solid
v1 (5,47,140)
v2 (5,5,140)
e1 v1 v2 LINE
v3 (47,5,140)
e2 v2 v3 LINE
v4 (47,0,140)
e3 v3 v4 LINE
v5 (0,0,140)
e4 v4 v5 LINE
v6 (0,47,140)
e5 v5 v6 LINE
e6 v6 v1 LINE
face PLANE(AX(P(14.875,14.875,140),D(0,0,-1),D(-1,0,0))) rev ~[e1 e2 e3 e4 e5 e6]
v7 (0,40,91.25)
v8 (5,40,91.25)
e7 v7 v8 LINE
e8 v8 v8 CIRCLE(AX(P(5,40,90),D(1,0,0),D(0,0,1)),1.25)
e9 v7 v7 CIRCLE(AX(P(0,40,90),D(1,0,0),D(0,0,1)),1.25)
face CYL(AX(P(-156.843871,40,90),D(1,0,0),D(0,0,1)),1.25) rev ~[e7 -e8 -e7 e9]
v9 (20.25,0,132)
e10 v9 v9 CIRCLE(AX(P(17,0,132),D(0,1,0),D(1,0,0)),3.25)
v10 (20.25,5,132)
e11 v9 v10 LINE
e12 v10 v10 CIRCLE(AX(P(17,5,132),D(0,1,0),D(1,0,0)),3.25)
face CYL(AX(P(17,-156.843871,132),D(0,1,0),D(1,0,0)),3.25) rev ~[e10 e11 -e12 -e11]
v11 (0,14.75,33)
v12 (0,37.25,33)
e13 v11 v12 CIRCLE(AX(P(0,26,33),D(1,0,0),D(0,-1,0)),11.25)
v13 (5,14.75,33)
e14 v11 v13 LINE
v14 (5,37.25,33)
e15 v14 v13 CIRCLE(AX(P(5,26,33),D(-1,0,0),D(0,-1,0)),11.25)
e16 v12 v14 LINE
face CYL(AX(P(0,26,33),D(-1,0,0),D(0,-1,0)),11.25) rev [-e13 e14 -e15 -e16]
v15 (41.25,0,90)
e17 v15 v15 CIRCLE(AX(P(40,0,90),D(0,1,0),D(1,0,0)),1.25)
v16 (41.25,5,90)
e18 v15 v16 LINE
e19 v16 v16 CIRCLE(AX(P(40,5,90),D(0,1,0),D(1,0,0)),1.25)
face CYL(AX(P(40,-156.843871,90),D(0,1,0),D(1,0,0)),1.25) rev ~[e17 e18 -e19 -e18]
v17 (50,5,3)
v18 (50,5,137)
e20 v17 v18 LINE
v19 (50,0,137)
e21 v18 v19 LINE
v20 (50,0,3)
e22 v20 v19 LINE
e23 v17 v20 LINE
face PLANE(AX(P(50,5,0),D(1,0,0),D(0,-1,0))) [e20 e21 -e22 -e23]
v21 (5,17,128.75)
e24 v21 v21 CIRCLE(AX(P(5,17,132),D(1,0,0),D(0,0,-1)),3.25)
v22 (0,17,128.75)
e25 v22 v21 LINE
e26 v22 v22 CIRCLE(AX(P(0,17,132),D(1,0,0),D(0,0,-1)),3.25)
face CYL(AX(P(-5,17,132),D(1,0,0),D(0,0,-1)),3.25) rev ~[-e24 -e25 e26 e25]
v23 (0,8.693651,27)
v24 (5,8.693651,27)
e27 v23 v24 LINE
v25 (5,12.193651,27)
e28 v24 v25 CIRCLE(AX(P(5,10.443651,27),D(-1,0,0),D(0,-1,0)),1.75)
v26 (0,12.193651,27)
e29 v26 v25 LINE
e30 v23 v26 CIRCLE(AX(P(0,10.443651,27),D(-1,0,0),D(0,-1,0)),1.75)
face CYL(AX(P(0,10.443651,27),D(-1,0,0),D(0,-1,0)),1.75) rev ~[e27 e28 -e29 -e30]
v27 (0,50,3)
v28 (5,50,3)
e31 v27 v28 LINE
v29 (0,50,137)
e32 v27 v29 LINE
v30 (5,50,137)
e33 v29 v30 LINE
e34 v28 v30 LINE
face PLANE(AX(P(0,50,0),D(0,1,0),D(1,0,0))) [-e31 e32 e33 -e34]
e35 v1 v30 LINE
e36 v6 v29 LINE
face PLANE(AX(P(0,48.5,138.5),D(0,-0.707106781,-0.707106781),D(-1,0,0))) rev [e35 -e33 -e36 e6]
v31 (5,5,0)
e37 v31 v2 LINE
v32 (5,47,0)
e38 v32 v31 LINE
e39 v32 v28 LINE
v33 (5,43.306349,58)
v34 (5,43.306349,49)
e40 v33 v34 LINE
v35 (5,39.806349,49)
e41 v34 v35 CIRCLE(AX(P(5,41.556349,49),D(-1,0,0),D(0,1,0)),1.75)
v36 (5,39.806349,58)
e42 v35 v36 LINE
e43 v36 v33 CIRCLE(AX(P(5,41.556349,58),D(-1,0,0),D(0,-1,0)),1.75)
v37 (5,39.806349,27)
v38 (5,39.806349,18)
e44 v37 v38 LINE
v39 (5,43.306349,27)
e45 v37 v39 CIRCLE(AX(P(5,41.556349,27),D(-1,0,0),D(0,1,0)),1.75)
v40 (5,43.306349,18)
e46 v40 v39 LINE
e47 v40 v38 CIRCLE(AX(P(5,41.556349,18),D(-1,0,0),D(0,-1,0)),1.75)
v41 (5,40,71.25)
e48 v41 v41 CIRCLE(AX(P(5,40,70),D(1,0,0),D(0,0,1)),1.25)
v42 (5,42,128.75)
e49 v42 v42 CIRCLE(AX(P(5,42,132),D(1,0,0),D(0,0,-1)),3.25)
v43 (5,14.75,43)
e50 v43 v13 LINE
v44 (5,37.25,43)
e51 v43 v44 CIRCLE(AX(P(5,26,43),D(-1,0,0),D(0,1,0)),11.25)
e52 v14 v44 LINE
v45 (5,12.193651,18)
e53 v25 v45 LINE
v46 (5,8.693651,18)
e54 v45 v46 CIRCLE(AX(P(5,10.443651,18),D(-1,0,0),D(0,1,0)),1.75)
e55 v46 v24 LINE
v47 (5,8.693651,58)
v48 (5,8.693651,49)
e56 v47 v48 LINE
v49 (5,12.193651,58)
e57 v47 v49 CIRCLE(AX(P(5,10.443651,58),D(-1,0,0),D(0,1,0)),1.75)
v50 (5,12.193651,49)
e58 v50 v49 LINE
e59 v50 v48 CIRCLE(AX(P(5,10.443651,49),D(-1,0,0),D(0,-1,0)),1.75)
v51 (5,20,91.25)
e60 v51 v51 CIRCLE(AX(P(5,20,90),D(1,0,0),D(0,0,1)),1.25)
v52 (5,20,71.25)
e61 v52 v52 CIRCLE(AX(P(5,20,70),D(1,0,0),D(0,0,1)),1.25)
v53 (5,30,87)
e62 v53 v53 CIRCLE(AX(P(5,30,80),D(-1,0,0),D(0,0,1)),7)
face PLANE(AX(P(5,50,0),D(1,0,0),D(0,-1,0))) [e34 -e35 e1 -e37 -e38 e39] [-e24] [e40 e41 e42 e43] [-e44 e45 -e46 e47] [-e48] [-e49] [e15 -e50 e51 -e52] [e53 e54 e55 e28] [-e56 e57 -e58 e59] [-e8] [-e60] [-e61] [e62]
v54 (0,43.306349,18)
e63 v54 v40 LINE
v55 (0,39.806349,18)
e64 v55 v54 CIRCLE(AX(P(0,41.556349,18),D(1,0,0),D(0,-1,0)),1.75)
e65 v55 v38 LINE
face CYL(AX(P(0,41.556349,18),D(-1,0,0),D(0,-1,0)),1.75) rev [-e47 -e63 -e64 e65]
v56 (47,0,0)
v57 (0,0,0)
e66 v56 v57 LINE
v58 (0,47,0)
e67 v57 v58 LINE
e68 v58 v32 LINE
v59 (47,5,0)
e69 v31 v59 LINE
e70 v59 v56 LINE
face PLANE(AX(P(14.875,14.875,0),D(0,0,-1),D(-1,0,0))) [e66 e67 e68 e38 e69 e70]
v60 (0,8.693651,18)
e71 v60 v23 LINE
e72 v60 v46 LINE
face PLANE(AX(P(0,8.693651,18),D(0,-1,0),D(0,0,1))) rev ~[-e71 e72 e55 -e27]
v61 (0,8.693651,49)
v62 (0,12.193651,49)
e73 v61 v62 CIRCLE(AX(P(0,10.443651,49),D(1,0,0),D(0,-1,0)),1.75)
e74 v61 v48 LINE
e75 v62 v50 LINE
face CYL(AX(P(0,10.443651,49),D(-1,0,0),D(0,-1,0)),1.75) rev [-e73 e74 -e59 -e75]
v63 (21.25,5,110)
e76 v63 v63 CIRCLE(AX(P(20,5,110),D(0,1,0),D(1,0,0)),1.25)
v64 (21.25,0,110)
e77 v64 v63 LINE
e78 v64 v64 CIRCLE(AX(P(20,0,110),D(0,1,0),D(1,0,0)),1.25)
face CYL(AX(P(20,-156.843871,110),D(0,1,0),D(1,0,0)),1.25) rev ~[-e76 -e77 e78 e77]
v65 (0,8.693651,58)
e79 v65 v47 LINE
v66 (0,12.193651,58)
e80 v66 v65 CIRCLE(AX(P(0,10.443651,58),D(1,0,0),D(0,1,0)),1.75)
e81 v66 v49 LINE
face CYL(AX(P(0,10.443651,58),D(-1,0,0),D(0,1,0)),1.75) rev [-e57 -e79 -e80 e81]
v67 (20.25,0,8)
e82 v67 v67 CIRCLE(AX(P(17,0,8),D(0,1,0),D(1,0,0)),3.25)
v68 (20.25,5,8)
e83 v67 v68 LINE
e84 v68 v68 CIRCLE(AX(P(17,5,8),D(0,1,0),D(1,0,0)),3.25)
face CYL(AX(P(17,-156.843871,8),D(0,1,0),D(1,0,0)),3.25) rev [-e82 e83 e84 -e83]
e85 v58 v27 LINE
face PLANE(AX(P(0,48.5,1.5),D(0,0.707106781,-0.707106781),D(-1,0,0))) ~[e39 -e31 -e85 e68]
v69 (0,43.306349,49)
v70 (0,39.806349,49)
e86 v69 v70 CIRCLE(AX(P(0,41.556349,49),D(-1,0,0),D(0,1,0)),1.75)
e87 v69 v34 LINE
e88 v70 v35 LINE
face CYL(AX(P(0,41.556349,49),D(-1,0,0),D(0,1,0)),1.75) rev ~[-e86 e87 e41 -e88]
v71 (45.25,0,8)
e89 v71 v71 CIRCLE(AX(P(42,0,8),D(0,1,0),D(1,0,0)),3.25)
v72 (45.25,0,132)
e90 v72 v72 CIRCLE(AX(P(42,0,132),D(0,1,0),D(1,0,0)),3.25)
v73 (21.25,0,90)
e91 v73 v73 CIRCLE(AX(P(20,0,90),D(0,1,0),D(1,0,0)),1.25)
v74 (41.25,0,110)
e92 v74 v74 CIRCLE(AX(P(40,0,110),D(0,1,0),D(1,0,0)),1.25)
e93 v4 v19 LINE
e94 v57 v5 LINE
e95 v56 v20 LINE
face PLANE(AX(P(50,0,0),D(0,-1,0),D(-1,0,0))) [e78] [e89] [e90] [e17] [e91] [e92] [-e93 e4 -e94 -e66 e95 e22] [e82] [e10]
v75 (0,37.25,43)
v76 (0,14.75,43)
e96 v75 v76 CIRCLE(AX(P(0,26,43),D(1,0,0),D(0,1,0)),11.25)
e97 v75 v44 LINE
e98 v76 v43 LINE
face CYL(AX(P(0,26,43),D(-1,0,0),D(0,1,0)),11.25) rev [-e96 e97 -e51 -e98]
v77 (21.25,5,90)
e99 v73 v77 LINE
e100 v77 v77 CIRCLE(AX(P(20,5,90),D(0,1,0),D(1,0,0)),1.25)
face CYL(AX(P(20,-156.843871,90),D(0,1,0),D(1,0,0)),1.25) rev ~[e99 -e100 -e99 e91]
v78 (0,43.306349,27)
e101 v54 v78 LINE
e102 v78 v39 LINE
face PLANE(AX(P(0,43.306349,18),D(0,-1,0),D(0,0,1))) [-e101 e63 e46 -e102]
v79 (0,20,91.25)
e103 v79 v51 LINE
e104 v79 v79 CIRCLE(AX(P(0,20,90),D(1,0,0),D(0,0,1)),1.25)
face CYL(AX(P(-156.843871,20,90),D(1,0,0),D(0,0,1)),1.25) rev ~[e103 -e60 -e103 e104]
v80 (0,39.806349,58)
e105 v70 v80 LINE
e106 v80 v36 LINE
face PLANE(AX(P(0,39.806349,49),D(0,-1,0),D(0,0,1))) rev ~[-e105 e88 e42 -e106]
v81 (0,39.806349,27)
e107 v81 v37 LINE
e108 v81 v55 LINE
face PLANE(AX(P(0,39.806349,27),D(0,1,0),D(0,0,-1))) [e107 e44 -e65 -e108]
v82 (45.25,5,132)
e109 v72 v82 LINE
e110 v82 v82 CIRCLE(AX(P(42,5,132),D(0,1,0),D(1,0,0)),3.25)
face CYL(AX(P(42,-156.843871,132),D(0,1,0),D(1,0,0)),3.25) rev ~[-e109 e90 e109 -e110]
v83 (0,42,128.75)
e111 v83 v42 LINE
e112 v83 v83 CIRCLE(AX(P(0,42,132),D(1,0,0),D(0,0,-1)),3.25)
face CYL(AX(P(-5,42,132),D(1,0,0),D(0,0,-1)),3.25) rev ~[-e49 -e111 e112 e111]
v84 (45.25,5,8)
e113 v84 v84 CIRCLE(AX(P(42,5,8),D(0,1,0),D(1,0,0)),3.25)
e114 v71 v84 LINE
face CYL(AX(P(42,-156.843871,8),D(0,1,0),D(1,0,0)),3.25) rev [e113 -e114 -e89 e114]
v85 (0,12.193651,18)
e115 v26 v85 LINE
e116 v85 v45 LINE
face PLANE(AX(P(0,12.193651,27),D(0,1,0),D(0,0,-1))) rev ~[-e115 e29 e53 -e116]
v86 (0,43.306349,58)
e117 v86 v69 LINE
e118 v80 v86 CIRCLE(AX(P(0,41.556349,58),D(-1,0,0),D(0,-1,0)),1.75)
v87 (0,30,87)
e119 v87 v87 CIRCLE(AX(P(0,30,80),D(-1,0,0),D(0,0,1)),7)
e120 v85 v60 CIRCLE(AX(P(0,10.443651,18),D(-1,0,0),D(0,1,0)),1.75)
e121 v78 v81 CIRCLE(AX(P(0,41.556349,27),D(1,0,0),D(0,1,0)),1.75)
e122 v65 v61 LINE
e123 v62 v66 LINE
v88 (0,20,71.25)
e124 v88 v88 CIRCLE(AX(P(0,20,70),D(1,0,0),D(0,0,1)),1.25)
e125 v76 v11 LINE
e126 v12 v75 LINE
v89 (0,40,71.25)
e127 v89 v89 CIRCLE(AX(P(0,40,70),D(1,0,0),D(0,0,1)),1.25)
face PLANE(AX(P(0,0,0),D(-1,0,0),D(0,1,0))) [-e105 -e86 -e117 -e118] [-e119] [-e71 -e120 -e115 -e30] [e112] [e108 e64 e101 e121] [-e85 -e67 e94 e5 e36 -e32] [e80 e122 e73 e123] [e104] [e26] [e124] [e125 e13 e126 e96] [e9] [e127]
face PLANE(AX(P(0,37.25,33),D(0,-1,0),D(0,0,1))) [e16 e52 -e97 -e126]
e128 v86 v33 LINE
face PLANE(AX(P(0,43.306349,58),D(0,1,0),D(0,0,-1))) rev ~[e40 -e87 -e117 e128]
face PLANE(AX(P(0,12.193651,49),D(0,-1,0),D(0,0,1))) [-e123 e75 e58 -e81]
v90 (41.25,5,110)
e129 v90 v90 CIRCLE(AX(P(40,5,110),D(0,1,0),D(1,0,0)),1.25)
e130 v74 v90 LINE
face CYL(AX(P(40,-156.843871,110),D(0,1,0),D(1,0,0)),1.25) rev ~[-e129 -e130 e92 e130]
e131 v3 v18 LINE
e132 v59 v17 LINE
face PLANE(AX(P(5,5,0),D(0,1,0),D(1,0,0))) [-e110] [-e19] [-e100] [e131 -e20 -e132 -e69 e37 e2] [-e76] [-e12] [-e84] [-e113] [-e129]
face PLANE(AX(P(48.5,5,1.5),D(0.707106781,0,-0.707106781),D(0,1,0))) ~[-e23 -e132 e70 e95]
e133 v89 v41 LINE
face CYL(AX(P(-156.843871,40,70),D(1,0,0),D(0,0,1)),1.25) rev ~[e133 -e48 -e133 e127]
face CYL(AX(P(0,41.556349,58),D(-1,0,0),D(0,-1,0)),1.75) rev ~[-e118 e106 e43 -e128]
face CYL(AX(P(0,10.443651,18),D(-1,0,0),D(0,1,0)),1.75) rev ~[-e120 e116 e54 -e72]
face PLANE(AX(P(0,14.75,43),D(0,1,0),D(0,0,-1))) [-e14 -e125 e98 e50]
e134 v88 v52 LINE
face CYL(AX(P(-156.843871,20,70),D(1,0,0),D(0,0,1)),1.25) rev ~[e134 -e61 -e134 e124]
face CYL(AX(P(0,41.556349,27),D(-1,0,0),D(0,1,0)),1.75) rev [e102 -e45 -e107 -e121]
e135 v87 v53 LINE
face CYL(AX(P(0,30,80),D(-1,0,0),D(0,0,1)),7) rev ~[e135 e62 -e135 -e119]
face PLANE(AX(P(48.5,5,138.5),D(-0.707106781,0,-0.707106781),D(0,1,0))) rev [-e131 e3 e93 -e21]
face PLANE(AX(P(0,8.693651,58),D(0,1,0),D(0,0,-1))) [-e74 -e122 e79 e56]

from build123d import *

# Parameters (mm, degrees)
ESTRUSIONE_ESTRUSIONE1_DEPTH = 140
FORO_6_5_6_5_1_D             = 6.5
FORO_6_5_6_5_2_D             = 6.5
FORO_6_5_6_5_2_DEPTH         = 5
FORO_6_5_6_5_2_TIP           = 1.952797012
TAGLIO_ESTRUSIONE3_REACH     = 158.844
SCHIZZO10_R                  = 7
TAGLIO_ESTRUSIONE6_REACH     = 158.844
SMUSSO1_SIZE                 = 3
M3_TAPPED_HOLE1_D            = 2.5
M3_TAPPED_HOLE2_D            = 2.5


with BuildPart() as part:
    # Schizzo1 → Estrusione-Estrusione1 (new body)
    with BuildSketch(Plane.XY):
        Polygon((0, 0), (0, 50), (5, 50), (5, 5), (50, 5), (50, 0), align=None)
    extrude(amount=ESTRUSIONE_ESTRUSIONE1_DEPTH)

    # Foro Ø6.5 (6.5)-1 (through all)
    with Locations(Plane(origin=(0, 0, 0), x_dir=(-1, 0, 0), z_dir=(0, -1, 0))):
        with Locations((-17, -132), (-42, -132)):
            foro_6_5_6_5_1 = Hole(FORO_6_5_6_5_1_D / 2)

    # Foro Ø6.5 (6.5)-2
    with Locations(Plane.ZY):
        with Locations((132, 42), (132, 17)):
            Hole(FORO_6_5_6_5_2_D / 2, depth=FORO_6_5_6_5_2_DEPTH)
            with Locations((0, 0, -(FORO_6_5_6_5_2_DEPTH + FORO_6_5_6_5_2_TIP / 2))):  # 118° drill point
                Cone(0, FORO_6_5_6_5_2_D / 2, FORO_6_5_6_5_2_TIP, mode=Mode.SUBTRACT)

    # Specchia1: Foro Ø6.5 (6.5)-1 across plane
    add(foro_6_5_6_5_1.mirror(Plane.XY.offset(70)), mode=Mode.SUBTRACT)

    # Schizzo10 → Taglio-Estrusione3 (cut, up to next)
    with BuildSketch(Plane.ZY, mode=Mode.PRIVATE) as taglio_estrusione3_sk1:
        with Locations((80, 30)):
            Circle(SCHIZZO10_R)
    taglio_estrusione3_tool1 = extrude(taglio_estrusione3_sk1.sketch, amount=-TAGLIO_ESTRUSIONE3_REACH, mode=Mode.PRIVATE) & part.part
    add(taglio_estrusione3_tool1.solids().sort_by_distance((0, 30, 80))[0], mode=Mode.SUBTRACT)

    # Schizzo13 → Taglio-Estrusione6 (cut, up to next)
    with BuildSketch(Plane.ZY, mode=Mode.PRIVATE) as taglio_estrusione6_sk1:
        with BuildLine():
            Line((18, 43.306349186), (27, 43.306349186))
            ThreePointArc((27, 43.306349186), (28.75, 41.556349186), (27, 39.806349186))
            Line((27, 39.806349186), (18, 39.806349186))
            ThreePointArc((18, 39.806349186), (16.25, 41.556349186), (18, 43.306349186))
        make_face()
    taglio_estrusione6_tool1 = extrude(taglio_estrusione6_sk1.sketch, amount=-TAGLIO_ESTRUSIONE6_REACH, mode=Mode.PRIVATE) & part.part
    # Schizzo13 → Taglio-Estrusione6 (cut, up to next)
    with BuildSketch(Plane.ZY, mode=Mode.PRIVATE) as taglio_estrusione6_sk2:
        with BuildLine():
            Line((18, 8.693650814), (27, 8.693650814))
            ThreePointArc((27, 8.693650814), (28.75, 10.443650814), (27, 12.193650814))
            Line((27, 12.193650814), (18, 12.193650814))
            ThreePointArc((18, 12.193650814), (16.25, 10.443650814), (18, 8.693650814))
        make_face()
    taglio_estrusione6_tool2 = extrude(taglio_estrusione6_sk2.sketch, amount=-TAGLIO_ESTRUSIONE6_REACH, mode=Mode.PRIVATE) & part.part
    # Schizzo13 → Taglio-Estrusione6 (cut, up to next)
    with BuildSketch(Plane.ZY, mode=Mode.PRIVATE) as taglio_estrusione6_sk3:
        with BuildLine():
            Line((58, 43.306349186), (49, 43.306349186))
            ThreePointArc((49, 43.306349186), (47.25, 41.556349186), (49, 39.806349186))
            Line((49, 39.806349186), (58, 39.806349186))
            ThreePointArc((58, 39.806349186), (59.75, 41.556349186), (58, 43.306349186))
        make_face()
    taglio_estrusione6_tool3 = extrude(taglio_estrusione6_sk3.sketch, amount=-TAGLIO_ESTRUSIONE6_REACH, mode=Mode.PRIVATE) & part.part
    # Schizzo13 → Taglio-Estrusione6 (cut, up to next)
    with BuildSketch(Plane.ZY, mode=Mode.PRIVATE) as taglio_estrusione6_sk4:
        with BuildLine():
            Line((58, 8.693650814), (49, 8.693650814))
            ThreePointArc((49, 8.693650814), (47.25, 10.443650814), (49, 12.193650814))
            Line((49, 12.193650814), (58, 12.193650814))
            ThreePointArc((58, 12.193650814), (59.75, 10.443650814), (58, 8.693650814))
        make_face()
    taglio_estrusione6_tool4 = extrude(taglio_estrusione6_sk4.sketch, amount=-TAGLIO_ESTRUSIONE6_REACH, mode=Mode.PRIVATE) & part.part
    # Schizzo13 → Taglio-Estrusione6 (cut, up to next)
    with BuildSketch(Plane.ZY, mode=Mode.PRIVATE) as taglio_estrusione6_sk5:
        with BuildLine():
            Line((43, 14.75), (33, 14.75))
            ThreePointArc((33, 14.75), (21.75, 26), (33, 37.25))
            Line((33, 37.25), (43, 37.25))
            ThreePointArc((43, 37.25), (54.25, 26), (43, 14.75))
        make_face()
    taglio_estrusione6_tool5 = extrude(taglio_estrusione6_sk5.sketch, amount=-TAGLIO_ESTRUSIONE6_REACH, mode=Mode.PRIVATE) & part.part
    add(taglio_estrusione6_tool1.solids().sort_by_distance((0, 41.556349, 22.5))[0], mode=Mode.SUBTRACT)
    add(taglio_estrusione6_tool2.solids().sort_by_distance((0, 10.443651, 22.5))[0], mode=Mode.SUBTRACT)
    add(taglio_estrusione6_tool3.solids().sort_by_distance((0, 41.556349, 53.5))[0], mode=Mode.SUBTRACT)
    add(taglio_estrusione6_tool4.solids().sort_by_distance((0, 10.443651, 53.5))[0], mode=Mode.SUBTRACT)
    add(taglio_estrusione6_tool5.solids().sort_by_distance((0, 26, 38))[0], mode=Mode.SUBTRACT)

    # Smusso1
    smusso1_edges = [part.edges().sort_by_distance(p)[0] for p in [
        (2.5, 50, 140),
        (2.5, 50, 0),
        (50, 2.5, 140),
        (50, 2.5, 0),
    ]]
    chamfer(smusso1_edges, length=SMUSSO1_SIZE)

    # M3 Tapped Hole1 (through all)
    with Locations(Plane(origin=(0, 40, 70), x_dir=(0, 0, -1), z_dir=(-1, 0, 0))):
        with Locations((0, 0), (-20, 0), (-20, 20), (0, 20)):
            Hole(M3_TAPPED_HOLE1_D / 2)

    # M3 Tapped Hole2 (through all)
    with Locations(Plane(origin=(20, 0, 110), x_dir=(-1, 0, 0), z_dir=(0, -1, 0))):
        with Locations((0, 0), (-20, 0), (-20, 20), (0, 20)):
            Hole(M3_TAPPED_HOLE2_D / 2)


solid = part.part
